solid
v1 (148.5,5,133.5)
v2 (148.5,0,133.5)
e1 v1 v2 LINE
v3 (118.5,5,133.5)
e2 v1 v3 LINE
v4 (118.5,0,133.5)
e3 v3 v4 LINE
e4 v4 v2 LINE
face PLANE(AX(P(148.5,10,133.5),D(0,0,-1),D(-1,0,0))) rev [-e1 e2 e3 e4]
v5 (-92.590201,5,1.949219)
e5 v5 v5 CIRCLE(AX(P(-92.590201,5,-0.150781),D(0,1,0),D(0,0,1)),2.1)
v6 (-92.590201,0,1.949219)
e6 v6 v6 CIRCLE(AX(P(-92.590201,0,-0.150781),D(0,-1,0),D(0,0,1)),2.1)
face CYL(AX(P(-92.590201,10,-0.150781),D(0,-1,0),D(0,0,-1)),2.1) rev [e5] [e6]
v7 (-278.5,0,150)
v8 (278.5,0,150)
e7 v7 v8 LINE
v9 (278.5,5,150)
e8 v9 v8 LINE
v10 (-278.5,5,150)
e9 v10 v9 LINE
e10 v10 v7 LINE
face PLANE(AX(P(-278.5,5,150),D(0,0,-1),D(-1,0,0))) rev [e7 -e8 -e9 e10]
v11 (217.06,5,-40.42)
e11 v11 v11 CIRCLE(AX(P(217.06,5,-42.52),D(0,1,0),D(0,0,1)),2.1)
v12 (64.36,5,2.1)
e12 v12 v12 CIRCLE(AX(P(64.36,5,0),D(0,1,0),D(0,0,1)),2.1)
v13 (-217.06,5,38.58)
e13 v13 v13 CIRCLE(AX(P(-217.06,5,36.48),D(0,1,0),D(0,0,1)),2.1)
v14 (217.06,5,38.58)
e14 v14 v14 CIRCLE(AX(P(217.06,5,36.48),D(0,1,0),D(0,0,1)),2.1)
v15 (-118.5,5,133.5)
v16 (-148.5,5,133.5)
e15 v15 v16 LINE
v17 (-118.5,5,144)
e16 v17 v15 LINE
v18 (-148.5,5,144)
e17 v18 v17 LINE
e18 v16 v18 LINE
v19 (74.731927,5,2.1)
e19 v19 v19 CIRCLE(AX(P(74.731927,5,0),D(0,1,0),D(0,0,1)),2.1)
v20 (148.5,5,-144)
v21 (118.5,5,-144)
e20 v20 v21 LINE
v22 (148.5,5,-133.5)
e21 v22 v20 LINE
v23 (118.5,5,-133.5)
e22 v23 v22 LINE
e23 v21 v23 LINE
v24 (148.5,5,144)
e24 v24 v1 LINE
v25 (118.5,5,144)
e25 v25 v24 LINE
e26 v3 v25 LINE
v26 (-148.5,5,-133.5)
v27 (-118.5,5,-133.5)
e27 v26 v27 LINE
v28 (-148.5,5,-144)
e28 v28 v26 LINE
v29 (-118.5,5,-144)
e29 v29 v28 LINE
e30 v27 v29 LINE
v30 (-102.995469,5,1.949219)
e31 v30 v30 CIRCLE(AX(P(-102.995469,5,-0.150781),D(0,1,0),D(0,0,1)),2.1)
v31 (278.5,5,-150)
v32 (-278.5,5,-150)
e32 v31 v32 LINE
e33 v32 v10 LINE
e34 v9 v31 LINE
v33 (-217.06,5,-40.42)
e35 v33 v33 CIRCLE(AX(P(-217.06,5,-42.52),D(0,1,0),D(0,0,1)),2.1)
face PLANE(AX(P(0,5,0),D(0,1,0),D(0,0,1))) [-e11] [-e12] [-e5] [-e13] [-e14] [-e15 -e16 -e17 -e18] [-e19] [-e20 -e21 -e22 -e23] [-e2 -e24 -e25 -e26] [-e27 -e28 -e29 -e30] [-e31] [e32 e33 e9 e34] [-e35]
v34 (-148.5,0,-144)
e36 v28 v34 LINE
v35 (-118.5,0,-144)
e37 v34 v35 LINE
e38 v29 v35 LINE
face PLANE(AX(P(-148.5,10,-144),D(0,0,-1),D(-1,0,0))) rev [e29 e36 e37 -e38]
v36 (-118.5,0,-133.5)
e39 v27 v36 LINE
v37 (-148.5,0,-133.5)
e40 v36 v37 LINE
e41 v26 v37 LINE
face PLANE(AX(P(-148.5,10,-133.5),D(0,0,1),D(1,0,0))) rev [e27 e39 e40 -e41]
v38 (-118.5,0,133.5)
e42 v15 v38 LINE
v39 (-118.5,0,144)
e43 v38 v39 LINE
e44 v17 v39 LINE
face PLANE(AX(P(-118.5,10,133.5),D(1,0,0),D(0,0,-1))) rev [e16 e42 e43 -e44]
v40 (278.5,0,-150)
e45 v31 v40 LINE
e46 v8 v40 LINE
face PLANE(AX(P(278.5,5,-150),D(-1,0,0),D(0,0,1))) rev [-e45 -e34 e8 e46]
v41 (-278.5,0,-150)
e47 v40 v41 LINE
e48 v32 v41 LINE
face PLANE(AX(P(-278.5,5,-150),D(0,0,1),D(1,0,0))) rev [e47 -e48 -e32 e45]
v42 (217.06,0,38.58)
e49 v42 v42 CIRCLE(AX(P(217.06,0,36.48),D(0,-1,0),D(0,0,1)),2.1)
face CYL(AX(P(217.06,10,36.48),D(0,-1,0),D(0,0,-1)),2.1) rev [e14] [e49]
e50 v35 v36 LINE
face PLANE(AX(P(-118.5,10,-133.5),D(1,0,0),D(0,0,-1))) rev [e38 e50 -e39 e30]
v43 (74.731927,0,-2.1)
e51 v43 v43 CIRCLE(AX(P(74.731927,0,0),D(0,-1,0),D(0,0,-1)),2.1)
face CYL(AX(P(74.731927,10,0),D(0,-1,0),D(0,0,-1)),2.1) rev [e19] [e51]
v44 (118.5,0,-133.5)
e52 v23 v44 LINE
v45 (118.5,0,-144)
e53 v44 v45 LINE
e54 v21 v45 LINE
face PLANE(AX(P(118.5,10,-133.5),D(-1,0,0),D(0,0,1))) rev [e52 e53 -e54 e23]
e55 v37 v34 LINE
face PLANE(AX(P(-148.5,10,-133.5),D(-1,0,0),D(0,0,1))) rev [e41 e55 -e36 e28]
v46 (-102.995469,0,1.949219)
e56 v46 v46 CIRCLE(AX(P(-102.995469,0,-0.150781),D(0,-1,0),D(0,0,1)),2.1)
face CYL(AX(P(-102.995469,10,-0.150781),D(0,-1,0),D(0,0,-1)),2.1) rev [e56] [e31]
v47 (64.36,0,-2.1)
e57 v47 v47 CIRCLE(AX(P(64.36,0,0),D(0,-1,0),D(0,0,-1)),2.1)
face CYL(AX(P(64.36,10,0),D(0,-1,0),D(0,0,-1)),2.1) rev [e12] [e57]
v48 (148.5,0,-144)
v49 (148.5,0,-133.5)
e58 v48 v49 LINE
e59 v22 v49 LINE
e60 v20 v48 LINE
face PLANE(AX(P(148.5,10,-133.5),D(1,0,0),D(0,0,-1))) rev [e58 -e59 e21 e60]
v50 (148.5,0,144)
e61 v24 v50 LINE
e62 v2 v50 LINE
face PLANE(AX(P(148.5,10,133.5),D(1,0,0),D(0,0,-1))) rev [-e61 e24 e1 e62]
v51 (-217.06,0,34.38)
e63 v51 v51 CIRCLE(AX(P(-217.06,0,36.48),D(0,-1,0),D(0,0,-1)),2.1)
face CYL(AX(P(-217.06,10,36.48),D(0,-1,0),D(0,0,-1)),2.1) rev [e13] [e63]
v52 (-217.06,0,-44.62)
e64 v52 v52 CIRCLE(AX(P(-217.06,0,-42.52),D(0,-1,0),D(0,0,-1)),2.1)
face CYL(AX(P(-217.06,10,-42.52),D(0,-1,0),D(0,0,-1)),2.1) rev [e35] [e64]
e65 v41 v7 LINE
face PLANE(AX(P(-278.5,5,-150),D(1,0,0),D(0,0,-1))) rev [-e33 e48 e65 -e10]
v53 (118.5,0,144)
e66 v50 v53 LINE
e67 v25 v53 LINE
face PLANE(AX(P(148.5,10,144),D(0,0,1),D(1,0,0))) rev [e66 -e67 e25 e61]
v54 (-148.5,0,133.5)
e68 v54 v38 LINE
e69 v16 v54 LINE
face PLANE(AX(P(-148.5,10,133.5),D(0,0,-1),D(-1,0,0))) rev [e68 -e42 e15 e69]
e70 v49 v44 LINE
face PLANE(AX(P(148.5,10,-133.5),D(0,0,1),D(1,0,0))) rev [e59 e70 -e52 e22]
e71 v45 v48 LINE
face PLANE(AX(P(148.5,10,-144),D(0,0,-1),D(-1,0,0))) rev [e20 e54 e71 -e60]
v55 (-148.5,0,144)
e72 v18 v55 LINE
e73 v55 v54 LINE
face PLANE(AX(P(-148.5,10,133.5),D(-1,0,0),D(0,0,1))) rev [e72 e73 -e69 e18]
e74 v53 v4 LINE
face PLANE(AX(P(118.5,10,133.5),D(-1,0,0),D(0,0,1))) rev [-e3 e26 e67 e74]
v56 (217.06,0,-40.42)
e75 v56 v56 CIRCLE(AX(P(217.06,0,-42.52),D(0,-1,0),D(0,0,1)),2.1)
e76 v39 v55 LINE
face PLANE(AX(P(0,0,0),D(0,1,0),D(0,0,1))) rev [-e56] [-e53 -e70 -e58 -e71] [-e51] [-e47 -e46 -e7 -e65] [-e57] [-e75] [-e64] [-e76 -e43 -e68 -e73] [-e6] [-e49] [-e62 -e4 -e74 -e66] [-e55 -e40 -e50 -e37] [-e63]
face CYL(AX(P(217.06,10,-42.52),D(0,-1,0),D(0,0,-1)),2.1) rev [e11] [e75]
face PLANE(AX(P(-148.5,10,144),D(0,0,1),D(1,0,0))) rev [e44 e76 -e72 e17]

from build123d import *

# Parameters (mm, degrees)
SKETCH1_W           = 557
SKETCH1_H           = 300
BOSS_EXTRUDE1_DEPTH = 5
SKETCH2_R           = 2.1
CUT_EXTRUDE1_DEPTH  = 10
SKETCH3_R           = 2.1
CUT_EXTRUDE2_DEPTH  = 10
SKETCH4_W           = 30
SKETCH4_H           = 10.5
CUT_EXTRUDE3_DEPTH  = 10


with BuildPart() as part:
    # Sketch1 → Boss-Extrude1 (new body)
    with BuildSketch(Plane(origin=(0, 0, 0), x_dir=(1, 0, 0), z_dir=(0, 1, 0))):
        Rectangle(SKETCH1_W, SKETCH1_H)
    extrude(amount=BOSS_EXTRUDE1_DEPTH)

    # Sketch2 → Cut-Extrude1 (cut)
    with BuildSketch(Plane.XZ):
        with Locations(Location((64.36, 0, 0), (0, 0, 270))):
            Circle(SKETCH2_R)
        with Locations(Location((74.731926732, 0, 0), (0, 0, 270))):
            Circle(SKETCH2_R)
        with Locations(Location((-92.590200896, -0.150780626, 0), (0, 0, 90))):
            Circle(SKETCH2_R)
        with Locations(Location((-102.995469166, -0.150780626, 0), (0, 0, 90))):
            Circle(SKETCH2_R)
    extrude(amount=-CUT_EXTRUDE1_DEPTH, mode=Mode.SUBTRACT)

    # Sketch3 → Cut-Extrude2 (cut)
    with BuildSketch(Plane.XZ):
        with Locations(Location((-217.06, -42.52, 0), (0, 0, 270))):
            Circle(SKETCH3_R)
        with Locations(Location((-217.06, 36.48, 0), (0, 0, 270))):
            Circle(SKETCH3_R)
        with Locations(Location((217.06, 36.48, 0), (0, 0, 90))):
            Circle(SKETCH3_R)
        with Locations(Location((217.06, -42.52, 0), (0, 0, 90))):
            Circle(SKETCH3_R)
    extrude(amount=-CUT_EXTRUDE2_DEPTH, mode=Mode.SUBTRACT)

    # Sketch4 → Cut-Extrude3 (cut)
    with BuildSketch(Plane.XZ):
        with Locations((133.5, 138.75)):
            Rectangle(SKETCH4_W, SKETCH4_H)
        with Locations((-133.5, 138.75)):
            Rectangle(SKETCH4_W, SKETCH4_H)
        with Locations((-133.5, -138.75)):
            Rectangle(SKETCH4_W, SKETCH4_H)
        with Locations((133.5, -138.75)):
            Rectangle(SKETCH4_W, SKETCH4_H)
    extrude(amount=-CUT_EXTRUDE3_DEPTH, mode=Mode.SUBTRACT)


solid = part.part
